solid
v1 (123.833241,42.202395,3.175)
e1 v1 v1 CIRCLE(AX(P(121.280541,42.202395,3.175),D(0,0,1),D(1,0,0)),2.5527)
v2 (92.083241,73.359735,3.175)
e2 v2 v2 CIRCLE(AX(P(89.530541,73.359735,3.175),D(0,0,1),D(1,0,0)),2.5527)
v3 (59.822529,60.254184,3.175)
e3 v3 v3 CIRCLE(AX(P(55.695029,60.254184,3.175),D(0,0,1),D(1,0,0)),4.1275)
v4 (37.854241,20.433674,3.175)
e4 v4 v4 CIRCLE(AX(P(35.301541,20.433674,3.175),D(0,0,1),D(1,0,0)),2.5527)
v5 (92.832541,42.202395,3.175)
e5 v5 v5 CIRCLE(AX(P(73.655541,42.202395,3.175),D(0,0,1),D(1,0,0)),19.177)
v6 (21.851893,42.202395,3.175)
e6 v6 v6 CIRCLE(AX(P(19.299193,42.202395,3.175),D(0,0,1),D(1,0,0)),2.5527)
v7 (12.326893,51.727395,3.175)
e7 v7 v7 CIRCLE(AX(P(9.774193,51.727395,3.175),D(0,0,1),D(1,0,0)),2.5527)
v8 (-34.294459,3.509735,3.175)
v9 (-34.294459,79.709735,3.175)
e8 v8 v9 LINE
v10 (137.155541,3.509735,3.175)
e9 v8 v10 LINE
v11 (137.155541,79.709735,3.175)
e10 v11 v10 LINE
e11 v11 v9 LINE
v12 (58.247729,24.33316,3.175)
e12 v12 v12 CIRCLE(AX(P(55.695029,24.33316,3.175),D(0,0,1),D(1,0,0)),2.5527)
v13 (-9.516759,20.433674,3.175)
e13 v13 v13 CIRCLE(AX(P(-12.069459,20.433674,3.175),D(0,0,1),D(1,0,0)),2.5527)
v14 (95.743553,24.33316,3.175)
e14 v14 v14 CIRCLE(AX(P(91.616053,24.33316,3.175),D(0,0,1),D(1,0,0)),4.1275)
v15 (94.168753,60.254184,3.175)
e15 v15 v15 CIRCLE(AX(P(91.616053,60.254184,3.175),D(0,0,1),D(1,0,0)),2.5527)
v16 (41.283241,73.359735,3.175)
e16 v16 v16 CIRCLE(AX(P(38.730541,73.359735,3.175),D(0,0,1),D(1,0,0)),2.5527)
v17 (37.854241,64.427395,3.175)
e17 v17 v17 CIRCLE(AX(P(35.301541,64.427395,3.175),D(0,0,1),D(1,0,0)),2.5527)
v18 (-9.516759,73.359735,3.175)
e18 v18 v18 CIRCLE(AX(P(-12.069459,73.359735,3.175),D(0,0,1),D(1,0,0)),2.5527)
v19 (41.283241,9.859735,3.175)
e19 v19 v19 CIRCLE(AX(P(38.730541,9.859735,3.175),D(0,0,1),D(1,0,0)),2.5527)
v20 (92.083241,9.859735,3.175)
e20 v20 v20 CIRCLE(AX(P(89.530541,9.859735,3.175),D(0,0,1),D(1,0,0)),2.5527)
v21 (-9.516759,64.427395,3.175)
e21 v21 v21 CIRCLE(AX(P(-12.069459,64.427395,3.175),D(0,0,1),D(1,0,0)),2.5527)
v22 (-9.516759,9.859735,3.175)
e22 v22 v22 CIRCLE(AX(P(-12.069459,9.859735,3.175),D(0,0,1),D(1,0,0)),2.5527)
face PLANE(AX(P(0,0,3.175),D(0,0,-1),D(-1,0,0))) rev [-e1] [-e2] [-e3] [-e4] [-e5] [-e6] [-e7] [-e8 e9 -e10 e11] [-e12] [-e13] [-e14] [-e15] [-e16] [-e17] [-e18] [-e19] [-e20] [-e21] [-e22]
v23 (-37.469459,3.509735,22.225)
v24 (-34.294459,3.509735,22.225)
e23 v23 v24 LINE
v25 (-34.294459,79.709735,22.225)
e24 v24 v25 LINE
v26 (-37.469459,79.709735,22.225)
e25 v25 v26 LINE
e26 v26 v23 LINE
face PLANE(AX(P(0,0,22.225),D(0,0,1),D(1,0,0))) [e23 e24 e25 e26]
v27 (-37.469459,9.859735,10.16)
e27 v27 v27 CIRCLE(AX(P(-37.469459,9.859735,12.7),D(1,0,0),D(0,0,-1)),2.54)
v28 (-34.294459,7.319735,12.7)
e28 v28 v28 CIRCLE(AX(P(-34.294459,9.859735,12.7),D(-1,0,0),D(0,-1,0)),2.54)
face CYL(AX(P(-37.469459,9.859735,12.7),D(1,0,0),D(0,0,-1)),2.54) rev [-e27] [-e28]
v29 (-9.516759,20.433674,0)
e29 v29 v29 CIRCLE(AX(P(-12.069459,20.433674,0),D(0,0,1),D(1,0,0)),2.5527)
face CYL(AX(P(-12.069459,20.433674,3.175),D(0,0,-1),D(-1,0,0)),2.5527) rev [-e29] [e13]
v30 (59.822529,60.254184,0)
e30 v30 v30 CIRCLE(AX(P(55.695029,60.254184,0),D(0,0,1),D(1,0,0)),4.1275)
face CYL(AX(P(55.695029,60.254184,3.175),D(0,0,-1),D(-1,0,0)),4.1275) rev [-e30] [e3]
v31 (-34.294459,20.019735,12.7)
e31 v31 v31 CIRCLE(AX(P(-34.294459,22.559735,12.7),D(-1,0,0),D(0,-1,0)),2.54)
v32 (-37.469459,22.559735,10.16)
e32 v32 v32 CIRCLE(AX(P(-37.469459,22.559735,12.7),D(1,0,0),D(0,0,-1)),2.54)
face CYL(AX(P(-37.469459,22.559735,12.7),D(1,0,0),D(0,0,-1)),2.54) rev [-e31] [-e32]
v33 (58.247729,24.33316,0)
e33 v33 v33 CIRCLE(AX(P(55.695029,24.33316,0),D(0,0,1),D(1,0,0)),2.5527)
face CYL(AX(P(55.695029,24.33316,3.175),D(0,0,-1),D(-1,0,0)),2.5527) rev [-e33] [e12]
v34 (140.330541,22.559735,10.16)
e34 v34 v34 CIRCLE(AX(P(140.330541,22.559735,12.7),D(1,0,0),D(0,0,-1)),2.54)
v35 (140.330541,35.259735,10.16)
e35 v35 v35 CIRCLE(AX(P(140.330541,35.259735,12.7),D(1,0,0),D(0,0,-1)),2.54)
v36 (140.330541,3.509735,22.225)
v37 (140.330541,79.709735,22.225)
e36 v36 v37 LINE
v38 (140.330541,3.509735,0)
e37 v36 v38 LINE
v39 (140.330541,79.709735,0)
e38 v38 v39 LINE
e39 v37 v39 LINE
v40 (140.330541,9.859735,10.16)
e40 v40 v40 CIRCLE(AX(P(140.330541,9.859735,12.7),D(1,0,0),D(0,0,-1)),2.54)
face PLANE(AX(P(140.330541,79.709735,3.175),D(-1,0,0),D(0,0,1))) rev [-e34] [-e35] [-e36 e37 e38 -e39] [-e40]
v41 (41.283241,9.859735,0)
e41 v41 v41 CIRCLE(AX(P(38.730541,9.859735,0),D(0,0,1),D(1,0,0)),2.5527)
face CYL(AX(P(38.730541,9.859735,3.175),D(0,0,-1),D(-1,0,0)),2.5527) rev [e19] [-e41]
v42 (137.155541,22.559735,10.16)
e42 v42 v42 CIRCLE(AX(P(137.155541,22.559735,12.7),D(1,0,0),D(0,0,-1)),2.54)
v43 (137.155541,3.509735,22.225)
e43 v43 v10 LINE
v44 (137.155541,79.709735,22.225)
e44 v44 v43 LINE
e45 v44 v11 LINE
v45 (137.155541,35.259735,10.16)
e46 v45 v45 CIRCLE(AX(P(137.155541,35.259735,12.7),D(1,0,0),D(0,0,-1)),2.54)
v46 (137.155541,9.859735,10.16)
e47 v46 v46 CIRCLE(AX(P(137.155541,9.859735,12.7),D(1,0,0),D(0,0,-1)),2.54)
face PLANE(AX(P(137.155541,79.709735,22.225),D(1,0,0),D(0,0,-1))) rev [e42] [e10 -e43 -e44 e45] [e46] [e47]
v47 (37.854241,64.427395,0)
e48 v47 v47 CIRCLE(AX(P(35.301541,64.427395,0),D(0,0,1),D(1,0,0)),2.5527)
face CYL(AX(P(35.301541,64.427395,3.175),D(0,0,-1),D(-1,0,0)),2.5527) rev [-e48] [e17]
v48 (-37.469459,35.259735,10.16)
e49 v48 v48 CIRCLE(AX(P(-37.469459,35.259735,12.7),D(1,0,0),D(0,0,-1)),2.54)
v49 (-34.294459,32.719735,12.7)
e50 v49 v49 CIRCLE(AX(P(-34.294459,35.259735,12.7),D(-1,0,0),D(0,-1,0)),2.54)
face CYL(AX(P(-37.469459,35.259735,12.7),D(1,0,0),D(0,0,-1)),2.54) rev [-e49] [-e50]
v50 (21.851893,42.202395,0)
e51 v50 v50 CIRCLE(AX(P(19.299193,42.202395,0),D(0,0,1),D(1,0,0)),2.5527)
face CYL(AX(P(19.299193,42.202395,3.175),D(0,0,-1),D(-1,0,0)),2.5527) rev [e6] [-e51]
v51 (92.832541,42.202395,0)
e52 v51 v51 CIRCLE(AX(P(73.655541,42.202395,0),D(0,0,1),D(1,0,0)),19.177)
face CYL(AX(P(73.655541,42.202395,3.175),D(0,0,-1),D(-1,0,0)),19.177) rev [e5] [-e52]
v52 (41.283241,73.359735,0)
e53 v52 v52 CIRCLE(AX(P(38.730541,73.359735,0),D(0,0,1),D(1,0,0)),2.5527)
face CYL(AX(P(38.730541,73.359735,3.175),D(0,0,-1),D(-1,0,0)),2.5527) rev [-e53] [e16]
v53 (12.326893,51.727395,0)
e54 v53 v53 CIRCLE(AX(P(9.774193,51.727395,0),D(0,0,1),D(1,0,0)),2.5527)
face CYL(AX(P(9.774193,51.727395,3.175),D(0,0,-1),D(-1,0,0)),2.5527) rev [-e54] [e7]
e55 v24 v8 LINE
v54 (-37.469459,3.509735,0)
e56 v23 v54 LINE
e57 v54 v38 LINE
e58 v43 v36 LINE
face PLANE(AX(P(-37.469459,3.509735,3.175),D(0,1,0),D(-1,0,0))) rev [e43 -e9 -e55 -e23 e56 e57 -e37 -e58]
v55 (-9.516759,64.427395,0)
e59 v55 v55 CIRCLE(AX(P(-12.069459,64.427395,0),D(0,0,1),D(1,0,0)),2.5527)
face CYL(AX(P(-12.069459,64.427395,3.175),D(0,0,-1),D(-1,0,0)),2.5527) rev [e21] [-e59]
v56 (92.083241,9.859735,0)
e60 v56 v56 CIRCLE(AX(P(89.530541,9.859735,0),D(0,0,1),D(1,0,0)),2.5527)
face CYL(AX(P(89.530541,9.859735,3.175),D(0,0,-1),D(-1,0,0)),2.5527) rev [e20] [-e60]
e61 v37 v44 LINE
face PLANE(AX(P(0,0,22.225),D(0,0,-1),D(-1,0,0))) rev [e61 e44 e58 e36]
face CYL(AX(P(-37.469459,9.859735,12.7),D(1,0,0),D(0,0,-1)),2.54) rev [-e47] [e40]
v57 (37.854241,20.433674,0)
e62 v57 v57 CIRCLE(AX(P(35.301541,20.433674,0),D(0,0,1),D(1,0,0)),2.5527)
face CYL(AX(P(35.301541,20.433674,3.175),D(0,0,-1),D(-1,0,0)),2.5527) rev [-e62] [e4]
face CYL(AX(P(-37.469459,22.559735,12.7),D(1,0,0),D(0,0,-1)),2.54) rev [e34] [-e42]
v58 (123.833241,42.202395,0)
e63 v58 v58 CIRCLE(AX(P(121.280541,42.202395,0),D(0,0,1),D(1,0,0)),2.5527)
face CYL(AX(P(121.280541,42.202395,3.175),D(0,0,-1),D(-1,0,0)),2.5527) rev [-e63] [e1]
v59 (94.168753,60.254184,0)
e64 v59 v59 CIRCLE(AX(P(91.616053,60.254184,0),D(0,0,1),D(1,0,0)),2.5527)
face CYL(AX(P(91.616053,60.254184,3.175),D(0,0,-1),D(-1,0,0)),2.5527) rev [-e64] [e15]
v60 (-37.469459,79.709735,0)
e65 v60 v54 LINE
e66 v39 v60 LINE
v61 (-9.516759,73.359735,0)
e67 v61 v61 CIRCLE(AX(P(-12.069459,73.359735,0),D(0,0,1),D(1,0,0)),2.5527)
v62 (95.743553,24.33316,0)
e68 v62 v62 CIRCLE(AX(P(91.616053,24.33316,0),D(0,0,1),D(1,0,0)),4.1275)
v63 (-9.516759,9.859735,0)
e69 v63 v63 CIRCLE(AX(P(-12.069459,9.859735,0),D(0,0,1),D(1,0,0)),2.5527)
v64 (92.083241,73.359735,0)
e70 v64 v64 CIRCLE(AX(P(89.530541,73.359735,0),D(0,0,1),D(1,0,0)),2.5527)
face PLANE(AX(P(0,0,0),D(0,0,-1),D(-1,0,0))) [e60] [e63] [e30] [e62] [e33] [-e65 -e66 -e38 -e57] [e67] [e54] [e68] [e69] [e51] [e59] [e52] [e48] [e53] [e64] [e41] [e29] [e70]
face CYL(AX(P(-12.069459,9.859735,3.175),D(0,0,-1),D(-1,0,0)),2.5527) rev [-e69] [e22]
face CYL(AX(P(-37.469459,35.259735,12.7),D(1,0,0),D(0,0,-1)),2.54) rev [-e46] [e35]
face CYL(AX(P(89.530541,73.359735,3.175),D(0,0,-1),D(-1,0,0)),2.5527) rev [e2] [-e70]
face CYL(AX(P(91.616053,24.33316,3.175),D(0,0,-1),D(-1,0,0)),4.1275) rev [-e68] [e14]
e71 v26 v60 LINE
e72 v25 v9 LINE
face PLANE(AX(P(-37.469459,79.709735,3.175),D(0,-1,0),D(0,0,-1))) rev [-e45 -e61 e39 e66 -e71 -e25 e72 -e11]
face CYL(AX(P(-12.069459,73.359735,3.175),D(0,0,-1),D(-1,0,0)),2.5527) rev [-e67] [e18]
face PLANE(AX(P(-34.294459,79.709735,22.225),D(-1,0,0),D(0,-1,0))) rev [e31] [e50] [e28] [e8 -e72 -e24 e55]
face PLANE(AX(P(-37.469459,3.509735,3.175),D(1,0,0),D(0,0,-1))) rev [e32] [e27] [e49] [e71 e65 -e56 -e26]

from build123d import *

# Parameters (mm, degrees)
SKETCH1_W           = 177.8
SKETCH1_H           = 76.2
SKETCH1_R           = 2.5527
SKETCH1_R_2         = 4.1275
SKETCH1_R_3         = 19.177
BOSS_EXTRUDE1_DEPTH = 3.175
SKETCH2_W           = 3.175
SKETCH2_H           = 76.2
BOSS_EXTRUDE2_DEPTH = 19.05
SKETCH3_R           = 2.54
CUT_EXTRUDE1_DEPTH  = 197.11331534


with BuildPart() as part:
    # Sketch1 → Boss-Extrude1 (new body)
    with BuildSketch(Plane.XY):
        with Locations((51.430541204, 41.609734844)):
            Rectangle(SKETCH1_W, SKETCH1_H)
        with Locations((89.530541204, 9.859734844)):
            Circle(SKETCH1_R, mode=Mode.SUBTRACT)
        with Locations((89.530541204, 73.359734844)):
            Circle(SKETCH1_R, mode=Mode.SUBTRACT)
        with Locations((-12.069458796, 73.359734844)):
            Circle(SKETCH1_R, mode=Mode.SUBTRACT)
        with Locations((-12.069458796, 64.427395008)):
            Circle(SKETCH1_R, mode=Mode.SUBTRACT)
        with Locations((38.730541204, 73.359734844)):
            Circle(SKETCH1_R, mode=Mode.SUBTRACT)
        with Locations((35.301541204, 64.427395008)):
            Circle(SKETCH1_R, mode=Mode.SUBTRACT)
        with Locations((9.774192889, 51.727395008)):
            Circle(SKETCH1_R, mode=Mode.SUBTRACT)
        with Locations((19.299192889, 42.202395008)):
            Circle(SKETCH1_R, mode=Mode.SUBTRACT)
        with Locations((-12.069458796, 20.433674276)):
            Circle(SKETCH1_R, mode=Mode.SUBTRACT)
        with Locations((35.301541204, 20.433674276)):
            Circle(SKETCH1_R, mode=Mode.SUBTRACT)
        with Locations((38.730541204, 9.859734844)):
            Circle(SKETCH1_R, mode=Mode.SUBTRACT)
        with Locations((55.695028962, 24.33315969)):
            Circle(SKETCH1_R, mode=Mode.SUBTRACT)
        with Locations((55.695028962, 60.254184174)):
            Circle(SKETCH1_R_2, mode=Mode.SUBTRACT)
        with Locations((91.616053446, 60.254184174)):
            Circle(SKETCH1_R, mode=Mode.SUBTRACT)
        with Locations((91.616053446, 24.33315969)):
            Circle(SKETCH1_R_2, mode=Mode.SUBTRACT)
        with Locations((73.655541204, 42.202395008)):
            Circle(SKETCH1_R_3, mode=Mode.SUBTRACT)
        with Locations((-12.069458796, 9.859734844)):
            Circle(SKETCH1_R, mode=Mode.SUBTRACT)
        with Locations((121.280541204, 42.202395008)):
            Circle(SKETCH1_R, mode=Mode.SUBTRACT)
    extrude(amount=BOSS_EXTRUDE1_DEPTH)

    # Sketch2 → Boss-Extrude2 (add)
    with BuildSketch(Plane.XY.offset(3.175)):
        with Locations((-35.881958796, 41.609734844)):
            Rectangle(SKETCH2_W, SKETCH2_H)
        with Locations((138.743041204, 41.609734844)):
            Rectangle(SKETCH2_W, SKETCH2_H)
    extrude(amount=BOSS_EXTRUDE2_DEPTH)

    # Sketch3 → Cut-Extrude1 (cut, through all)
    with BuildSketch(Plane(origin=(140.330541204, 0, 0), x_dir=(0, 0, -1), z_dir=(1, 0, 0))):
        with Locations((-12.7, 35.259734844)):
            Circle(SKETCH3_R)
        with Locations((-12.7, 22.559734844)):
            Circle(SKETCH3_R)
        with Locations((-12.7, 9.859734844)):
            Circle(SKETCH3_R)
    extrude(amount=-CUT_EXTRUDE1_DEPTH, mode=Mode.SUBTRACT)


solid = part.part
